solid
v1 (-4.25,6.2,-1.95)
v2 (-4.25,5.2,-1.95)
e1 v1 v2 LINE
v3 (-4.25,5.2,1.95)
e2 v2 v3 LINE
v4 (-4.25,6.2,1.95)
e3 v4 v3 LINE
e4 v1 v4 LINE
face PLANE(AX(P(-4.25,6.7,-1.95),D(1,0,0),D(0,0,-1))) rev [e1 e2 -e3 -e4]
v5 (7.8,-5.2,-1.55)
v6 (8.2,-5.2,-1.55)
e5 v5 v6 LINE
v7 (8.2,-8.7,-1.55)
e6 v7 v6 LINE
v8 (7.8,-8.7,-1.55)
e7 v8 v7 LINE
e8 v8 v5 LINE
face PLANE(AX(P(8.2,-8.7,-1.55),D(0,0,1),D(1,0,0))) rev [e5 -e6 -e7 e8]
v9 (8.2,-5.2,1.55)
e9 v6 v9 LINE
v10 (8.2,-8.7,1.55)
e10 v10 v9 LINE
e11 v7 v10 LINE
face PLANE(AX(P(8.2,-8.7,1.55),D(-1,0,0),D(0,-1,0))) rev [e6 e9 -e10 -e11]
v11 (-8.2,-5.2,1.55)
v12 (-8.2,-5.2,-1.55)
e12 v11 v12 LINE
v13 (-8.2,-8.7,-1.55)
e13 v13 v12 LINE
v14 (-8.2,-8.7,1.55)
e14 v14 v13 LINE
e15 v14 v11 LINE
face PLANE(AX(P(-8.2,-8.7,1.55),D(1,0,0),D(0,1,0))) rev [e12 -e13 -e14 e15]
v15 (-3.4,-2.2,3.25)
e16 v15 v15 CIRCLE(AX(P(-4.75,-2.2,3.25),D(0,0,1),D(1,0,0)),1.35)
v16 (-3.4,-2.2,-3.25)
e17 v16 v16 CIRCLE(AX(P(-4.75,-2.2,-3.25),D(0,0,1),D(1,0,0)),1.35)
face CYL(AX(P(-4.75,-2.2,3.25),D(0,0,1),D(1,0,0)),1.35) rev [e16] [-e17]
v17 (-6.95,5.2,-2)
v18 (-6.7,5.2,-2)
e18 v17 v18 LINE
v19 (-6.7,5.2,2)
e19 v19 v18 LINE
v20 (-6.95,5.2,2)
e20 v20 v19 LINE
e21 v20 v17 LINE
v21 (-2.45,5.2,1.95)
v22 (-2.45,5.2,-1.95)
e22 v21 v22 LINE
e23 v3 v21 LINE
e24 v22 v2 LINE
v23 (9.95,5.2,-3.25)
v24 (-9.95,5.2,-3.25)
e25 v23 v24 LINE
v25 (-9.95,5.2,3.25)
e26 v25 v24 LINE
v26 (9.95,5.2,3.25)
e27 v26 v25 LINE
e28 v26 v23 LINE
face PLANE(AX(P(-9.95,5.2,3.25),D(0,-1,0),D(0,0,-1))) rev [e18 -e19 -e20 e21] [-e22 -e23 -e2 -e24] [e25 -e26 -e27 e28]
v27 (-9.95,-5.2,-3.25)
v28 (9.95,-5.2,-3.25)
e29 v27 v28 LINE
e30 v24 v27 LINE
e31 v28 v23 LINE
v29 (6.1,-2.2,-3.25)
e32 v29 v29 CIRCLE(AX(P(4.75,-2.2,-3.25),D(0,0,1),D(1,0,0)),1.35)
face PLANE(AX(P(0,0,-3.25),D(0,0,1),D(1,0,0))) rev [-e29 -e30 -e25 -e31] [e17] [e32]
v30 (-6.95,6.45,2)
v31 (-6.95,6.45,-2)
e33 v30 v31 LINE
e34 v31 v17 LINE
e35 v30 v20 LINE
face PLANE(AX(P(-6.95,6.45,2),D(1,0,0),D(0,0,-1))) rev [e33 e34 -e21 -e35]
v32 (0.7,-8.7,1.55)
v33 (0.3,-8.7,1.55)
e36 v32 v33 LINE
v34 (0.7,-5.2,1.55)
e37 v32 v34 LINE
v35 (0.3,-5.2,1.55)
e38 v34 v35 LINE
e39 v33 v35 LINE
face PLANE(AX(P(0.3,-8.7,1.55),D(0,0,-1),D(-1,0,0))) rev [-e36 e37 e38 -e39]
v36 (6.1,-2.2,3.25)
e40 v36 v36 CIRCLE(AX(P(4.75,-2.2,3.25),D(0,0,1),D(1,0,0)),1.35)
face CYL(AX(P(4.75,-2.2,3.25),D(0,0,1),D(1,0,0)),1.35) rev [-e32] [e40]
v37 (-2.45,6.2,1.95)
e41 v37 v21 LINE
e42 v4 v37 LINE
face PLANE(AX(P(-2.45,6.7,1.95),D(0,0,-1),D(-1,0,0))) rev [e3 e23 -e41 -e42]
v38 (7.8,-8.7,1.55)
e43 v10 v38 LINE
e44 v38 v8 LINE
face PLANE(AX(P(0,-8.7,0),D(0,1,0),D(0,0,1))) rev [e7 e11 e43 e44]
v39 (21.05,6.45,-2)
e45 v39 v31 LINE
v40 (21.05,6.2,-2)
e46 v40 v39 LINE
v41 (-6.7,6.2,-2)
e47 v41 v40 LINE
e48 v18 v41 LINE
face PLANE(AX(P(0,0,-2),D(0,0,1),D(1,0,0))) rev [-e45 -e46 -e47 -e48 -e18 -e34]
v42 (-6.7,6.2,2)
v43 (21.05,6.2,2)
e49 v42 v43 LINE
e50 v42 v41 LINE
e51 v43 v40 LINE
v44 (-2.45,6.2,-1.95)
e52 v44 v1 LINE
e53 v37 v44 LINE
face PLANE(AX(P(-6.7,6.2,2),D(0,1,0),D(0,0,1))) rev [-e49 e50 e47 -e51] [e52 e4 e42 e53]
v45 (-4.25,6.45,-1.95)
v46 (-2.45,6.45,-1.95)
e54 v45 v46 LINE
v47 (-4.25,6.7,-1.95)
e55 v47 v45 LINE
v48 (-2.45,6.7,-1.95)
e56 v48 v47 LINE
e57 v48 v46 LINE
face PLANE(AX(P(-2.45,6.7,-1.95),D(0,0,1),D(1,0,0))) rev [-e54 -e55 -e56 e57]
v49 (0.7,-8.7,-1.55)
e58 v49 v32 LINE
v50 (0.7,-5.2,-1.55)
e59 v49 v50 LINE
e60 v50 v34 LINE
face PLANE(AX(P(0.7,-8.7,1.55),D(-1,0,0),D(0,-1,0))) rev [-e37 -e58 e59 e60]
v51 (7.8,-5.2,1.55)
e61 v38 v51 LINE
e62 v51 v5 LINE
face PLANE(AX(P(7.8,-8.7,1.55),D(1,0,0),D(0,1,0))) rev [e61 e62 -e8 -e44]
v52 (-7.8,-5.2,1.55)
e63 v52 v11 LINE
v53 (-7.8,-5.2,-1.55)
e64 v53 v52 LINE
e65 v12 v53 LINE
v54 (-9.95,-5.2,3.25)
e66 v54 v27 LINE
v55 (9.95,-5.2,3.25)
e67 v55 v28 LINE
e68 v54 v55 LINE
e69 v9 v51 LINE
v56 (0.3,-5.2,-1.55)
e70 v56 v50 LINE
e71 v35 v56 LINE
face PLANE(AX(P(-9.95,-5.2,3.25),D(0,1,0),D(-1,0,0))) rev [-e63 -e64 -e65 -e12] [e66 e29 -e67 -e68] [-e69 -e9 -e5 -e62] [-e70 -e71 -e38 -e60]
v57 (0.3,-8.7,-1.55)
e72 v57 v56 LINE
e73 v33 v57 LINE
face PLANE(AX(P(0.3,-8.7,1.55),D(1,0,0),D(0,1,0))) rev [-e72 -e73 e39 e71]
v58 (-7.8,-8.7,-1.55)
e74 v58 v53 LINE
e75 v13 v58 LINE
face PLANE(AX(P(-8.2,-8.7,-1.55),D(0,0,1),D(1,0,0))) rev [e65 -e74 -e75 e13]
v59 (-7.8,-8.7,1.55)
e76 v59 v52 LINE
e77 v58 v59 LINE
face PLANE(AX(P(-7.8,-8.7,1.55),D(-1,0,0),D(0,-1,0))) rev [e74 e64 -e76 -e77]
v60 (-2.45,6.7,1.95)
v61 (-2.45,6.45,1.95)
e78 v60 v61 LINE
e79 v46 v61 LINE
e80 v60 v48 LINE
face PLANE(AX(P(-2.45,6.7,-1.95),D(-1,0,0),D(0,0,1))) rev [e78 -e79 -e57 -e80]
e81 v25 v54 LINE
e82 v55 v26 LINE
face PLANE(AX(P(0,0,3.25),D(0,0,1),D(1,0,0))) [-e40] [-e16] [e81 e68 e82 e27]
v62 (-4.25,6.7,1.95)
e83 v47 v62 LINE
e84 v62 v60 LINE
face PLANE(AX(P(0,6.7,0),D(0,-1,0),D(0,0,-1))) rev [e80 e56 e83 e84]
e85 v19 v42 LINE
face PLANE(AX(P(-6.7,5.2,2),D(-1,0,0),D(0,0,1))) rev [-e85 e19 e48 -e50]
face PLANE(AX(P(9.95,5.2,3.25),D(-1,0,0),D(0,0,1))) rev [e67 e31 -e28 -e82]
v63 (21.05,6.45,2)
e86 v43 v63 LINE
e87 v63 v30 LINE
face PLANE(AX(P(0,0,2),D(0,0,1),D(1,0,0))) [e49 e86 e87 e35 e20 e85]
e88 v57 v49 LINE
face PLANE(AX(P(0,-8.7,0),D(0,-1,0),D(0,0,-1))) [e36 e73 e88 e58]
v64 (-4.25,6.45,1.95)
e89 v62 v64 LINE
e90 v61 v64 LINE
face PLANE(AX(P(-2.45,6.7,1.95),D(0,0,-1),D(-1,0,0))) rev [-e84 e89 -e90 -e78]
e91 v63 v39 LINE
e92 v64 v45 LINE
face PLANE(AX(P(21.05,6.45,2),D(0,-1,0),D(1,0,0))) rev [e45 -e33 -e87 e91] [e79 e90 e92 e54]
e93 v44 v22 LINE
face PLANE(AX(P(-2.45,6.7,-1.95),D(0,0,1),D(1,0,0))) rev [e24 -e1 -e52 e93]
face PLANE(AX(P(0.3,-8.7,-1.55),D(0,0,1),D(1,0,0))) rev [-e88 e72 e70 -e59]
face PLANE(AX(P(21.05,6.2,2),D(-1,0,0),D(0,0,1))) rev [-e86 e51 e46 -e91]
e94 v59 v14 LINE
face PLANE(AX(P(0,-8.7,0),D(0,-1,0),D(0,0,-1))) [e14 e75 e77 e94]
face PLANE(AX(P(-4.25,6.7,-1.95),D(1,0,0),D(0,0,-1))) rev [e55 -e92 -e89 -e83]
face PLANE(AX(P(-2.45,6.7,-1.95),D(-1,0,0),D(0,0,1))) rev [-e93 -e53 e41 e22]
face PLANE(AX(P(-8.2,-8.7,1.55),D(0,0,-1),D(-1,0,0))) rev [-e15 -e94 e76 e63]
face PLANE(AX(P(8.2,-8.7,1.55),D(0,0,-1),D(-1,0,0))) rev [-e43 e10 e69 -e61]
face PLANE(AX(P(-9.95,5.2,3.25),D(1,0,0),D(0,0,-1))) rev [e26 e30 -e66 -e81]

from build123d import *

# Parameters (mm, degrees)
ESQUISSE1_W        = 19.9
ESQUISSE1_H        = 10.4
BOSS_EXTRU_1_DEPTH = 3.25
D_GAGEMENT_M2_51_D = 2.7
ESQUISSE4_W        = 0.4
ESQUISSE4_H        = 3.1
BOSS_EXTRU_2_DEPTH = 3.5
ESQUISSE5_W        = 1.8
ESQUISSE5_H        = 3.9
BOSS_EXTRU_3_DEPTH = 1.5
BOSS_EXTRU_4_DEPTH = 2


with BuildPart() as part:
    # Esquisse1 → Boss.-Extru.1 (new, symmetric)
    with BuildSketch(Plane.XY):
        Rectangle(ESQUISSE1_W, ESQUISSE1_H)
    extrude(amount=BOSS_EXTRU_1_DEPTH, both=True)

    # Dégagement M2.51 (through all)
    with Locations(Plane.XY.offset(3.25)):
        with Locations((-4.75, -2.2), (4.75, -2.2)):
            Hole(D_GAGEMENT_M2_51_D / 2)

    # Esquisse4 → Boss.-Extru.2 (add)
    with BuildSketch(Plane.XZ.offset(5.2)):
        with Locations((0.5, 0)):
            Rectangle(ESQUISSE4_W, ESQUISSE4_H)
        with Locations((8, 0)):
            Rectangle(ESQUISSE4_W, ESQUISSE4_H)
        with Locations((-8, 0)):
            Rectangle(ESQUISSE4_W, ESQUISSE4_H)
    extrude(amount=BOSS_EXTRU_2_DEPTH)

    # Esquisse5 → Boss.-Extru.3 (add)
    with BuildSketch(Plane(origin=(0, 5.2, 0), x_dir=(1, 0, 0), z_dir=(0, 1, 0))):
        with Locations((-3.35, 0)):
            Rectangle(ESQUISSE5_W, ESQUISSE5_H)
    extrude(amount=BOSS_EXTRU_3_DEPTH)

    # Esquisse6 → Boss.-Extru.4 (add, symmetric)
    with BuildSketch(Plane.XY):
        Polygon((-6.7, 5.2), (-6.7, 6.2), (21.05, 6.2), (21.05, 6.45), (-6.95, 6.45), (-6.95, 5.2), align=None)
    extrude(amount=BOSS_EXTRU_4_DEPTH, both=True)


solid = part.part
